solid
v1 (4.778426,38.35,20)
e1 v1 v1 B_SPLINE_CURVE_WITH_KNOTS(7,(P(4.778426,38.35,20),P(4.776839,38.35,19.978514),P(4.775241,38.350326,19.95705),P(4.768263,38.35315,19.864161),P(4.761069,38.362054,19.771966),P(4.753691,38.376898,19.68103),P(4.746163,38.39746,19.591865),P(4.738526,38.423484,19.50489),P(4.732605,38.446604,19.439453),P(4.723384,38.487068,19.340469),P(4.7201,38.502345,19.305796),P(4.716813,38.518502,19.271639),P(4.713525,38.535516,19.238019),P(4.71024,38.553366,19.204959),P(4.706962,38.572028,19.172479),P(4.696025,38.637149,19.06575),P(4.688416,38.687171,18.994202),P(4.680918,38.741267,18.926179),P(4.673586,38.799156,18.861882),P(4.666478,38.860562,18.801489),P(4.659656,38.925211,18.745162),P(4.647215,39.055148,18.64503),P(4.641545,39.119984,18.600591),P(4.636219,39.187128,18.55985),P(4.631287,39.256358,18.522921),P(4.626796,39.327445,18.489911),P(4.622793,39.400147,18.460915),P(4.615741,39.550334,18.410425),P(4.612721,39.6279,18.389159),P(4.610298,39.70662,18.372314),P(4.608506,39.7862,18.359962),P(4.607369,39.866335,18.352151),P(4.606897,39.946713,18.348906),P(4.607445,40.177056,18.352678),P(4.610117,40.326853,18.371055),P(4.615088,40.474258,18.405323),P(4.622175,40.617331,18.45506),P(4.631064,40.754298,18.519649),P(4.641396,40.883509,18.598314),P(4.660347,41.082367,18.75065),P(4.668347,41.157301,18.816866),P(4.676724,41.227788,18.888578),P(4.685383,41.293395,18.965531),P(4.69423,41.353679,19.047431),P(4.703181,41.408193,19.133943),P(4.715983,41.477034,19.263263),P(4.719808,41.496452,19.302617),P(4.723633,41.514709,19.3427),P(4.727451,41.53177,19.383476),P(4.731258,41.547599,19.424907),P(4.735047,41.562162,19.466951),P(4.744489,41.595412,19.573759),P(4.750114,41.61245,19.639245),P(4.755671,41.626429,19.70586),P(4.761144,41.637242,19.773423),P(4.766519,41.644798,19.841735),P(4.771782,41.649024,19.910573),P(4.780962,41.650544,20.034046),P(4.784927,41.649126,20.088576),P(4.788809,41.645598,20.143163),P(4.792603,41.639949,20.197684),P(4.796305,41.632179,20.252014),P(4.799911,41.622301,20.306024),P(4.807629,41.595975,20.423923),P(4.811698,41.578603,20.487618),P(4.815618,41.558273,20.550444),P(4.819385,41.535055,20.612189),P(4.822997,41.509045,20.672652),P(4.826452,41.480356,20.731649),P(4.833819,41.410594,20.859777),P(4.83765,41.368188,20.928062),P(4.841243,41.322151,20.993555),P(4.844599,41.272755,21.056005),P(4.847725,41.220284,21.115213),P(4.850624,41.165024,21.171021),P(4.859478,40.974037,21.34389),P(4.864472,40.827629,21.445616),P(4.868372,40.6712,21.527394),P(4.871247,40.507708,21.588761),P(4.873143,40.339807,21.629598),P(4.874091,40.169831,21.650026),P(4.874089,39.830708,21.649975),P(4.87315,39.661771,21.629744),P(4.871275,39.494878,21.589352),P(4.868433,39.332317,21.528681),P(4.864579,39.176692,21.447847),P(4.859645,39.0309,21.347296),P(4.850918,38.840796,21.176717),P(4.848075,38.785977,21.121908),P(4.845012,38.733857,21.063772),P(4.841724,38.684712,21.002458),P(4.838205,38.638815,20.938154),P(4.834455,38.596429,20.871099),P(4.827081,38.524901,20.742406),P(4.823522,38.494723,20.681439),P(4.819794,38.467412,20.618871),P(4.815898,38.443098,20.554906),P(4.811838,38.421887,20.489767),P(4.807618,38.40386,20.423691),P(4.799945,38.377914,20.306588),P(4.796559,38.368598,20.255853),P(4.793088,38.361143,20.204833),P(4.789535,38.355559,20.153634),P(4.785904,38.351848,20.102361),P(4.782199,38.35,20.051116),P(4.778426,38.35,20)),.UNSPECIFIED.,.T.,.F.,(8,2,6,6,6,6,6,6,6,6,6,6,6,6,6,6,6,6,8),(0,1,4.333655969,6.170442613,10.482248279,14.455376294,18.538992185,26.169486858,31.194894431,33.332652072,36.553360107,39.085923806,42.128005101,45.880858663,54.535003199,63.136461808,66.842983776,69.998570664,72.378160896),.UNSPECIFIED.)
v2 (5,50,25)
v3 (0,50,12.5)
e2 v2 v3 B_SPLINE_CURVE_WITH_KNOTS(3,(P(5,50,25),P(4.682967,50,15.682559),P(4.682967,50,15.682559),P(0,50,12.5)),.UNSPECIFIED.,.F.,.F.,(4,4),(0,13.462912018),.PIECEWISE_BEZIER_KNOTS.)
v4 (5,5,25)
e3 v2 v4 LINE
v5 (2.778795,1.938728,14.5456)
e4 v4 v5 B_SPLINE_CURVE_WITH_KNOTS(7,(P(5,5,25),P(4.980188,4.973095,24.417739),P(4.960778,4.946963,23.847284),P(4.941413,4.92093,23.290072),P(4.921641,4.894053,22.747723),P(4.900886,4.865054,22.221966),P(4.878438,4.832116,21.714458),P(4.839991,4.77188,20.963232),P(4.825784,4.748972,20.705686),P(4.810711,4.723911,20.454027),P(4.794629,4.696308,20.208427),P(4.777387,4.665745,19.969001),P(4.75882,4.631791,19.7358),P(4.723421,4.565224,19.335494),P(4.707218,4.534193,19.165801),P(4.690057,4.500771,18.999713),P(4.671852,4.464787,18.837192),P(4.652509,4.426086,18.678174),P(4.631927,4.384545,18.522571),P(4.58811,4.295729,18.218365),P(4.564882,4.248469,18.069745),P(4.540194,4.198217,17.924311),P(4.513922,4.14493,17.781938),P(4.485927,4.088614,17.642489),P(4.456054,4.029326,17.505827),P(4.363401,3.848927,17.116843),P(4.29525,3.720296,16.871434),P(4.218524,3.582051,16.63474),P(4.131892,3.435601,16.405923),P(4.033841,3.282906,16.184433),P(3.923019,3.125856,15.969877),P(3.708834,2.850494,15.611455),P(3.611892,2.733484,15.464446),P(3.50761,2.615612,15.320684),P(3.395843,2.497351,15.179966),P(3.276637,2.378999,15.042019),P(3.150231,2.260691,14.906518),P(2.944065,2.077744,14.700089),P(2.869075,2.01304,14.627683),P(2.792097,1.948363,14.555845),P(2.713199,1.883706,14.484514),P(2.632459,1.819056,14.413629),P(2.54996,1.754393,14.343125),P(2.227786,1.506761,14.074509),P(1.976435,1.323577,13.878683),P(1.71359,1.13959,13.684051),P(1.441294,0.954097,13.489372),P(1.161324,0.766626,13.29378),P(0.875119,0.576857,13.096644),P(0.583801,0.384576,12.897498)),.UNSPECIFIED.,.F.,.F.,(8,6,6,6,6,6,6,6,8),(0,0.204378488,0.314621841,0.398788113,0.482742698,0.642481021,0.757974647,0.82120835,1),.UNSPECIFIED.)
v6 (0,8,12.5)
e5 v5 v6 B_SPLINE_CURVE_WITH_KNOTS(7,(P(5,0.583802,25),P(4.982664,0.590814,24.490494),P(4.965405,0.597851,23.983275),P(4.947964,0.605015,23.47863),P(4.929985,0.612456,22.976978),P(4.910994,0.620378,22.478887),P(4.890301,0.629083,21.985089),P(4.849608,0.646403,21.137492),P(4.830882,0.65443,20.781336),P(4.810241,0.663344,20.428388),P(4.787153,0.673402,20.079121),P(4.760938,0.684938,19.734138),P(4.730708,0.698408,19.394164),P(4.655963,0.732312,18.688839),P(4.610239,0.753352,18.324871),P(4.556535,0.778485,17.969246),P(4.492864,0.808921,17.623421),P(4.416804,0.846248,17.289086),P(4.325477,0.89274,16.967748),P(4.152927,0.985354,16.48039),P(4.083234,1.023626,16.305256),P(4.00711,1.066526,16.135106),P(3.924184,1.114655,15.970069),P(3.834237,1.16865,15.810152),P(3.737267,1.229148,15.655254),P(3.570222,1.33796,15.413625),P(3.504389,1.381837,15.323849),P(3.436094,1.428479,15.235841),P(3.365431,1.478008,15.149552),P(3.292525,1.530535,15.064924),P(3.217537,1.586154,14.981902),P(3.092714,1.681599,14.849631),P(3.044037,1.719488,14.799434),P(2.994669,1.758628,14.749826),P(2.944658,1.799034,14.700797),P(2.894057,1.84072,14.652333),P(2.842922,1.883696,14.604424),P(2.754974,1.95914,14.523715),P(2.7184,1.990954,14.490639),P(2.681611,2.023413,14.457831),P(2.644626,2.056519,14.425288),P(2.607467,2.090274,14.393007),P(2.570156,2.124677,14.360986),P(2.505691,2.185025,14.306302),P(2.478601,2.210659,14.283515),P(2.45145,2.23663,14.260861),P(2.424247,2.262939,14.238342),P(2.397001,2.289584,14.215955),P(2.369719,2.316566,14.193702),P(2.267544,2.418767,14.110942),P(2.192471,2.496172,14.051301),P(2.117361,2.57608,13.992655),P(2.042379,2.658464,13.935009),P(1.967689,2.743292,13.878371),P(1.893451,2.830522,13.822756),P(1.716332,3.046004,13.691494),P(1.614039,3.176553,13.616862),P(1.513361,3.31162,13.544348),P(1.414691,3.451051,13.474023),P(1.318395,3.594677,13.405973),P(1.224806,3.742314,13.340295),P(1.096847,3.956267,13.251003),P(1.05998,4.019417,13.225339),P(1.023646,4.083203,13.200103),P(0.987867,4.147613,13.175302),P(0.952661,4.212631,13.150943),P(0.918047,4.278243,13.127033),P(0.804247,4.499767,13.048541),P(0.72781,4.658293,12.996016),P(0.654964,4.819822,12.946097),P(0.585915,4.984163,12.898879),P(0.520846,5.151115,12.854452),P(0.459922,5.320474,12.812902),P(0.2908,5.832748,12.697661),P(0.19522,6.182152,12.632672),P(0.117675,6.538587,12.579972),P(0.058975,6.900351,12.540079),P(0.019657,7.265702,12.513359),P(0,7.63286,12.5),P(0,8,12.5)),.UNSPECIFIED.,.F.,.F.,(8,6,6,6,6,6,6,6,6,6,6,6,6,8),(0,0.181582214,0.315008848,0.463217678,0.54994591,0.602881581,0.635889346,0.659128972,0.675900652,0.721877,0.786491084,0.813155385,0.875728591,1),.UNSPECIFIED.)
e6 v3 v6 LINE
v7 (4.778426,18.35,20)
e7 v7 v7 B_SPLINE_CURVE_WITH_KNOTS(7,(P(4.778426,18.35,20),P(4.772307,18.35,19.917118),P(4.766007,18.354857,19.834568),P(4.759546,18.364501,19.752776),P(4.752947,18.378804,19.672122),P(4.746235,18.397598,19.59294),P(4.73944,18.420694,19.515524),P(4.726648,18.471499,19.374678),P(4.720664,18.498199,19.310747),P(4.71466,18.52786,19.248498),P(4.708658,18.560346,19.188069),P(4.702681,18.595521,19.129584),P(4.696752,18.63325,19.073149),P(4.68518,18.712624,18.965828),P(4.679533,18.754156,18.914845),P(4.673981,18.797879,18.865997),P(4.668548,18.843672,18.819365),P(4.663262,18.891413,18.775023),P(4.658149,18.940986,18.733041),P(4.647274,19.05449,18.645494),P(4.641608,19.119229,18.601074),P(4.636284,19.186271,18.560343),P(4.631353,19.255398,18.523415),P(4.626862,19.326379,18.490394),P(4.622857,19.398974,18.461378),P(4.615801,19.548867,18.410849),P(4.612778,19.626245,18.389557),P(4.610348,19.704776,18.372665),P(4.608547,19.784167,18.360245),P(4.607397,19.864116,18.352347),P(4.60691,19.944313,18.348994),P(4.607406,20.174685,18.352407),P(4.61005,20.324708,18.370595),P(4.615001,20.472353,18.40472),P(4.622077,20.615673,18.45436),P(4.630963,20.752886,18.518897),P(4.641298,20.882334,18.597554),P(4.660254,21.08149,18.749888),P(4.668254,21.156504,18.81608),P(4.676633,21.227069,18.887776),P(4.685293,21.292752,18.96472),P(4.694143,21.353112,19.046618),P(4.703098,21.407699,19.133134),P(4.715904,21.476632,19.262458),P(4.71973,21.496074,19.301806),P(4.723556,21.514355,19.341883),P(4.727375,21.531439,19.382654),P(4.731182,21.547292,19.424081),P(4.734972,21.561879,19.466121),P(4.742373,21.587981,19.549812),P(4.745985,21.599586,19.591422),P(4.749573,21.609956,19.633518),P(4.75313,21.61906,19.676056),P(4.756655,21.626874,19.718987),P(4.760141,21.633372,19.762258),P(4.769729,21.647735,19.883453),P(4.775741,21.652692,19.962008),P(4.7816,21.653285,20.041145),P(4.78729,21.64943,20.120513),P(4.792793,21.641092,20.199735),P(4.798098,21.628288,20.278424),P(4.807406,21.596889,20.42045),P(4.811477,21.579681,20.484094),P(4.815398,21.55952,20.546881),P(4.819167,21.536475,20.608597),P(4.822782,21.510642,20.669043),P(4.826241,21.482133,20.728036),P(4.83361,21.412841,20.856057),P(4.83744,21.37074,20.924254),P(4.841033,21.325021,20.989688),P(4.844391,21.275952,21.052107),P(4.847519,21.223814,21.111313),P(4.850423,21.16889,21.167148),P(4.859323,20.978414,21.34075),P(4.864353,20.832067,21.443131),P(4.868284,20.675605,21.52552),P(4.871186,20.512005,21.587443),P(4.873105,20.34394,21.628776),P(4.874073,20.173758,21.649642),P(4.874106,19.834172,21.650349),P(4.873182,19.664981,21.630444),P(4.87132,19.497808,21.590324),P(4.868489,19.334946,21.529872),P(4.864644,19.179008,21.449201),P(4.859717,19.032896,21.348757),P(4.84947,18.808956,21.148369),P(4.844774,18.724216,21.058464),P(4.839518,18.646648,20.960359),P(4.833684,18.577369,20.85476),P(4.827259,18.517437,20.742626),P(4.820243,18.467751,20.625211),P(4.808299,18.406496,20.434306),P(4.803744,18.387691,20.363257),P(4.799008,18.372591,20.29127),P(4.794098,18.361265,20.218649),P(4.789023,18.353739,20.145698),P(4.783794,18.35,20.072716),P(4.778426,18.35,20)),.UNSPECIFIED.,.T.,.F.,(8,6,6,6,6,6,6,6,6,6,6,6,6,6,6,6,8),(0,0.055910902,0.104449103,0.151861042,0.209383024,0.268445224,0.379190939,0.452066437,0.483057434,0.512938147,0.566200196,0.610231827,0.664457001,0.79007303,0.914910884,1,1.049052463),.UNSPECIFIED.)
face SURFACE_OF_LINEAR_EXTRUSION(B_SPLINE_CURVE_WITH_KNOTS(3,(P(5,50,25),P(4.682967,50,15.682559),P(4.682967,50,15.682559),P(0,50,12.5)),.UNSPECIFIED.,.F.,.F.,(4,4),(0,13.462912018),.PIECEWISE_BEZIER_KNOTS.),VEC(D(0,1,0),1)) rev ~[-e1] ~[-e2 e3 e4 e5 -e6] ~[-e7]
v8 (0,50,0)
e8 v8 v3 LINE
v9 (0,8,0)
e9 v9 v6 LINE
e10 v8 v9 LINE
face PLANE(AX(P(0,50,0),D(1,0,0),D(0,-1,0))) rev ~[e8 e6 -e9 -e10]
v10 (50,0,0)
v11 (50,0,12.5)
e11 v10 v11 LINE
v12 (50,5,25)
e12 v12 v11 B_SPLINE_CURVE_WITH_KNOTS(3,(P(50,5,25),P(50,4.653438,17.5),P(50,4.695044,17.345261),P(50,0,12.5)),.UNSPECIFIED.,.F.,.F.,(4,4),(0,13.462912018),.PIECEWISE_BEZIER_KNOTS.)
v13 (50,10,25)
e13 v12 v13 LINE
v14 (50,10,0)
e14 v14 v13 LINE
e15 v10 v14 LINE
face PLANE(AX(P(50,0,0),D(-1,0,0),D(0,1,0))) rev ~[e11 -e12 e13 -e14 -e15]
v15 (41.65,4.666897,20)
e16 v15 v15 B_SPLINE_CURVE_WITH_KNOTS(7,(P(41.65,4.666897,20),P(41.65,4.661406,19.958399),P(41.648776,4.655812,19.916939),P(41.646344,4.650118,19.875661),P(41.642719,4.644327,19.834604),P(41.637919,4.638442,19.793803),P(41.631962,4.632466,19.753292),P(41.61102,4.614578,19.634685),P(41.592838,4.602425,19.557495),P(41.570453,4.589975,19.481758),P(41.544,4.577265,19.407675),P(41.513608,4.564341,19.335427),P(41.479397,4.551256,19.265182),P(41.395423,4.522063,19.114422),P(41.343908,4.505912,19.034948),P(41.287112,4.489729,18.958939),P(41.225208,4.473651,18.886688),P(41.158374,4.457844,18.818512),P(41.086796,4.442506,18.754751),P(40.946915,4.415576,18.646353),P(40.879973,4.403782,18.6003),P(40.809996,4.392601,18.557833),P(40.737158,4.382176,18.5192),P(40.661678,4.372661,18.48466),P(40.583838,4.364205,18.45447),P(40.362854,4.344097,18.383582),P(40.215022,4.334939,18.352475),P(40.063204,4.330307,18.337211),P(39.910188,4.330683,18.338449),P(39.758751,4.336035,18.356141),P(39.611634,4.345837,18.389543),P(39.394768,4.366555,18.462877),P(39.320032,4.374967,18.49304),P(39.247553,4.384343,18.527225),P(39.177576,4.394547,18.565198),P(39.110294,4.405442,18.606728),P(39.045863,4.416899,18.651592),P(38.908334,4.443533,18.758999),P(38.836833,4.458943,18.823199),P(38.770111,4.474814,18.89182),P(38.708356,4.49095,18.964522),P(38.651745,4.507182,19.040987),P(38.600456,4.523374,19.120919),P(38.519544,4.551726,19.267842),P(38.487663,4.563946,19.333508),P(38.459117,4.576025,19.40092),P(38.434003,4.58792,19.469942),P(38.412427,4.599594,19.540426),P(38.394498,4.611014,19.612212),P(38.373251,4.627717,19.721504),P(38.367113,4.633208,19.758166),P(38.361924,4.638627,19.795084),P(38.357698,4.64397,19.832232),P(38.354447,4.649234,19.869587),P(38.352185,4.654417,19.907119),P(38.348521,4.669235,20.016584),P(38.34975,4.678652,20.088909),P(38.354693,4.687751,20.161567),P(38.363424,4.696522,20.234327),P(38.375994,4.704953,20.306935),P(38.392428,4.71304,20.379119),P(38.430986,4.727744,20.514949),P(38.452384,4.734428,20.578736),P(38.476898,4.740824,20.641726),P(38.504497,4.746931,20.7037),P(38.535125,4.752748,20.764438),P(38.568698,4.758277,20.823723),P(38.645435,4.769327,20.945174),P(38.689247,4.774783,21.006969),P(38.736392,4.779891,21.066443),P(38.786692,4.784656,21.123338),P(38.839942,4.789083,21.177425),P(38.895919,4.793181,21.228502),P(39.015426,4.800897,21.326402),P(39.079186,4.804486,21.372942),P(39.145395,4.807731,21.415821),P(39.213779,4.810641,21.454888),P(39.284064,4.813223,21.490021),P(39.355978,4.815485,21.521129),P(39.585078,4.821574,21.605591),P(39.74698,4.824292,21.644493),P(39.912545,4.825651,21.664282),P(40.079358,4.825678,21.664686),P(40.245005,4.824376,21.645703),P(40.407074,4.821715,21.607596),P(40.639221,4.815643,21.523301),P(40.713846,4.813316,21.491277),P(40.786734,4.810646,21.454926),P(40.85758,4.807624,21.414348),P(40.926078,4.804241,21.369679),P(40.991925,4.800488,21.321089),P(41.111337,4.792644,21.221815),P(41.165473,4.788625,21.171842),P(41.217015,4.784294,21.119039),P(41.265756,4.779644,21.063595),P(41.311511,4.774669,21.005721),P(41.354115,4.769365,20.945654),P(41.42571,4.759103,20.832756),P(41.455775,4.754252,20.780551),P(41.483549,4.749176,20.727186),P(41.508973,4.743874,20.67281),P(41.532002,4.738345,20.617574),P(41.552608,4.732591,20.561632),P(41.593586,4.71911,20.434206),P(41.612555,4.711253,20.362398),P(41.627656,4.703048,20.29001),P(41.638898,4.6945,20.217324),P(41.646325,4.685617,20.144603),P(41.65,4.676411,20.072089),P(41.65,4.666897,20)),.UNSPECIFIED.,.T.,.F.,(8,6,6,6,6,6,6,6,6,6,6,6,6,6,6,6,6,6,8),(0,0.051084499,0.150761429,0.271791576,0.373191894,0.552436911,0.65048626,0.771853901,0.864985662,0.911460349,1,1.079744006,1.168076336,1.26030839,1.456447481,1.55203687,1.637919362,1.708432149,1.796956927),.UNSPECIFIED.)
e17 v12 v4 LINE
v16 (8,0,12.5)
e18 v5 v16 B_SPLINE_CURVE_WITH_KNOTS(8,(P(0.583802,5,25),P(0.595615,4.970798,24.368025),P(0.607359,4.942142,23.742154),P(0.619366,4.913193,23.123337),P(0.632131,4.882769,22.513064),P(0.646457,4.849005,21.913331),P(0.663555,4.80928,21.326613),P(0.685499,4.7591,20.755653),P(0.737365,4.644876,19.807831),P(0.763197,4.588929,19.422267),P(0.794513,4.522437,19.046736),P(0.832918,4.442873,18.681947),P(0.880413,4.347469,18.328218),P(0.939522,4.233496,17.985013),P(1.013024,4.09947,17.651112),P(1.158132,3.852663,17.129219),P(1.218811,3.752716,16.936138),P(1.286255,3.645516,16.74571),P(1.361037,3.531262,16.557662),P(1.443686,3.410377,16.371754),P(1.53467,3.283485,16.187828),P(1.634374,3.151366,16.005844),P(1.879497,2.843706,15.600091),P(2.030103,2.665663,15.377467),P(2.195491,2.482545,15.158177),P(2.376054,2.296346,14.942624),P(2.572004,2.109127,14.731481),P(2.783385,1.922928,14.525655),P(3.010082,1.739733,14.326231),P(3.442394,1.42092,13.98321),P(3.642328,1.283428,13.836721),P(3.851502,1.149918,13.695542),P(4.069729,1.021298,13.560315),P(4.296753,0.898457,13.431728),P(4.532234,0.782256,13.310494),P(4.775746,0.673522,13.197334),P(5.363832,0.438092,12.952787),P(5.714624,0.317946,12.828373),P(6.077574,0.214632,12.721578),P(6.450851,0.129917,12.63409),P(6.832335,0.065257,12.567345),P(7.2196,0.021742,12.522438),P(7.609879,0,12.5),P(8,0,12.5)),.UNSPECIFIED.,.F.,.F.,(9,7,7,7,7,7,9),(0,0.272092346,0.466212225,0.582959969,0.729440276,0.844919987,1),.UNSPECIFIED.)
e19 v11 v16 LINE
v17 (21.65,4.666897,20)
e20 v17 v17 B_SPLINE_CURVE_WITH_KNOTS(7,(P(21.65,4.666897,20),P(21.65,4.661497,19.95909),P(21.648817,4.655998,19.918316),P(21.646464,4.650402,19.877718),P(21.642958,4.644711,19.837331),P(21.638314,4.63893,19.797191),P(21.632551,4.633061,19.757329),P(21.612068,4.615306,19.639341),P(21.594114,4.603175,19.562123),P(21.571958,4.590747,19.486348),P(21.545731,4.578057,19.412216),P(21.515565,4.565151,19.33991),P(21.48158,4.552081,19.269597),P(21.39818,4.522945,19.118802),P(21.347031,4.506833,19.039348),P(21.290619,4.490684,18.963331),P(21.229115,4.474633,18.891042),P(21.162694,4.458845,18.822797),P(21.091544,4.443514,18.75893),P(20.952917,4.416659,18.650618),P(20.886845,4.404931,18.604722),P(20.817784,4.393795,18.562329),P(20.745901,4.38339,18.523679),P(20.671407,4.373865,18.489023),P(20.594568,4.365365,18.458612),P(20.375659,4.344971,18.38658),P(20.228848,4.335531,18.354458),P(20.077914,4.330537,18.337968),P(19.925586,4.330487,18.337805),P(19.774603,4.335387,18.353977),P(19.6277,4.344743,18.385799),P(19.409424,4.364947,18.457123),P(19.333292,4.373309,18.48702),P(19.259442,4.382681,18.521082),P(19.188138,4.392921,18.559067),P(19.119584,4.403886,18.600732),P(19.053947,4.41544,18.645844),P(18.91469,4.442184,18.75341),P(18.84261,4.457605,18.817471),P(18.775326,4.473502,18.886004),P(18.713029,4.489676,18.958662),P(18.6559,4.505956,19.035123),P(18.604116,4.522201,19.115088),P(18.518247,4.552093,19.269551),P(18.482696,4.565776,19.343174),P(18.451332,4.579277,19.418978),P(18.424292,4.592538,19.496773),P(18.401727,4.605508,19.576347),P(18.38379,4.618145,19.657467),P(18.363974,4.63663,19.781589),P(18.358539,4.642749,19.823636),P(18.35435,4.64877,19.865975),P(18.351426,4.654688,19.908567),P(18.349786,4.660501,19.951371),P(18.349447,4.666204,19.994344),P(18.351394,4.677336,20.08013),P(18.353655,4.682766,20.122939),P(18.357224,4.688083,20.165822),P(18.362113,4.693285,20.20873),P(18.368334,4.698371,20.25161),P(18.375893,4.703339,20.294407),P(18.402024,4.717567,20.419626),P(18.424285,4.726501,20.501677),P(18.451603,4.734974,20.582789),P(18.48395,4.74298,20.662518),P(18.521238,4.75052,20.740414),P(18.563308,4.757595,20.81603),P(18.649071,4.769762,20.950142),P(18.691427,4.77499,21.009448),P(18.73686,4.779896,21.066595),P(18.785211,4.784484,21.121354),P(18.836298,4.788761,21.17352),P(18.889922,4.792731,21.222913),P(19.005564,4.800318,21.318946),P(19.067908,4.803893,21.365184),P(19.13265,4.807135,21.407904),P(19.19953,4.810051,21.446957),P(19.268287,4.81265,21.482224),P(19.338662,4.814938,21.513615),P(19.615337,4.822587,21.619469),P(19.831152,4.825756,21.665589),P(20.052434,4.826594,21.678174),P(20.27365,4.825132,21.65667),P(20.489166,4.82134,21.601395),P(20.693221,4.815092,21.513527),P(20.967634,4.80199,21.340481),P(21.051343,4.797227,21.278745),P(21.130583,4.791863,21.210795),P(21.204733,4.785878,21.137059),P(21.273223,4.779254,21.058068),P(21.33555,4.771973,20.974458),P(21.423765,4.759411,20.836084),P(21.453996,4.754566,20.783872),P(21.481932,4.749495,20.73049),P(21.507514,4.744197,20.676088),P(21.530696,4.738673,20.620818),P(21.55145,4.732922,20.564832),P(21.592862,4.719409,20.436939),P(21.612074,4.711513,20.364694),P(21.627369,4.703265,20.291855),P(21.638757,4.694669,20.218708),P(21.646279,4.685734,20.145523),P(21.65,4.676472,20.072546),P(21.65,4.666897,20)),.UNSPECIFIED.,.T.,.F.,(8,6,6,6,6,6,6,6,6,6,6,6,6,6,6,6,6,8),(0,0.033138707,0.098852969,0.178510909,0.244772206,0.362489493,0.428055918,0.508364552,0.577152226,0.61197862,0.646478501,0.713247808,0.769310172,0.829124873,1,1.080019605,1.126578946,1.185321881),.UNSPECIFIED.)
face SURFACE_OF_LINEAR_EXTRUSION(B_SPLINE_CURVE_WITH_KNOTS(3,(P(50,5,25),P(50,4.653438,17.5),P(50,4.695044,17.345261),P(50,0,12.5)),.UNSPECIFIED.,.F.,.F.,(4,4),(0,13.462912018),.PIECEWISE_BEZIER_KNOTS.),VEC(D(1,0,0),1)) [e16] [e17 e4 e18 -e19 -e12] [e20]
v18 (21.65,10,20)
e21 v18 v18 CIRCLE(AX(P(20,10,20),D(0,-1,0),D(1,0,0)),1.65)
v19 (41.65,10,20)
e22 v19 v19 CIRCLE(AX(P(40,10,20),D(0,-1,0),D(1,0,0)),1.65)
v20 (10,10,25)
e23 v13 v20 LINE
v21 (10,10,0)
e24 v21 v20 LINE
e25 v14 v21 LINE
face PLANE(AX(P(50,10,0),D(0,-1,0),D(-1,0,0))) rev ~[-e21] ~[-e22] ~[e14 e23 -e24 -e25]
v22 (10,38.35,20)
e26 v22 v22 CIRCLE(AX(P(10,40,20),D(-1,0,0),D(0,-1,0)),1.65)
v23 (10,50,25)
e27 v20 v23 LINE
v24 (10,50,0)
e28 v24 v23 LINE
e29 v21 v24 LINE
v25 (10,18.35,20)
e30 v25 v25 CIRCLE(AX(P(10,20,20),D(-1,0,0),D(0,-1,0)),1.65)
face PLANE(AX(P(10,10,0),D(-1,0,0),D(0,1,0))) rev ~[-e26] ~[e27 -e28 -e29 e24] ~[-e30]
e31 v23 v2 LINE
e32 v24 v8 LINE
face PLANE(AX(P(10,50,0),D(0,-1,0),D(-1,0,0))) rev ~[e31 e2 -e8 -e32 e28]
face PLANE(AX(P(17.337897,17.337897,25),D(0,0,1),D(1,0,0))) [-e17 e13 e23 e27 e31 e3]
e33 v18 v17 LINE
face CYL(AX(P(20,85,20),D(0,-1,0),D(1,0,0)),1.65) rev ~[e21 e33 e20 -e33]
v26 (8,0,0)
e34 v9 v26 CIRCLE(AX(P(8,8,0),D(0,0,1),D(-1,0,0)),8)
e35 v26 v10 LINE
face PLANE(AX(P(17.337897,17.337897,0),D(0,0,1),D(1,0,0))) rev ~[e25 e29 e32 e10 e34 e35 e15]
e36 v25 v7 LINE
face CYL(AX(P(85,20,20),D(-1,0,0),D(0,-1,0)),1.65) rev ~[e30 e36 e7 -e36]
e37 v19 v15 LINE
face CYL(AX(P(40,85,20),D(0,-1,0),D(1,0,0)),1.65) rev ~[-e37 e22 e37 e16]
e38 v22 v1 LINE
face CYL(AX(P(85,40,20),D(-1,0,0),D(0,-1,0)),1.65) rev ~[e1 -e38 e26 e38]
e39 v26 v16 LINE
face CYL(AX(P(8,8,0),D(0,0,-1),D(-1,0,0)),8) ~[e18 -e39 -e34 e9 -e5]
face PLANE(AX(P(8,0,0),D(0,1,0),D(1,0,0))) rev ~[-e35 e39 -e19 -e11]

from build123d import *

# Parameters (mm, degrees)
F1_DEPTH = 25
F3_DEPTH = 50.001
F5_DEPTH = 50.0010001
F7_D     = 3.3
F9_D     = 3.3


with BuildPart() as f1:
    # F0 (on Top) → F1 (new body)
    with BuildSketch(Plane.XY):
        with BuildLine():
            Line((0, 50), (0, 8))
            ThreePointArc((0, 8), (2.3431457505, 2.3431457505), (8, 0))
            Line((8, 0), (50, 0))
            Line((50, 0), (50, 10))
            Line((50, 10), (10, 10))
            Line((10, 10), (10, 50))
            Line((10, 50), (0, 50))
        make_face()
    extrude(amount=F1_DEPTH)

    # F2 (on face) → F3 (cut, through all)
    with BuildSketch(Plane.YZ.offset(50)):
        with BuildLine():
            add(Edge.make_bspline(
                [(5, 25), (4.6534377741, 17.5), (4.6950438991, 17.3452608287), (0, 12.5)],
                knots=[0, 0, 0, 0, 13.4629120178, 13.4629120178, 13.4629120178, 13.4629120178], degree=3))
            Line((5, 25), (0, 25))
            Line((0, 25), (0, 12.5))
        make_face()
    extrude(amount=-F3_DEPTH, mode=Mode.SUBTRACT)

    # F4 (on face) → F5 (cut, through all)
    with BuildSketch(Plane(origin=(0, 50, 0), x_dir=(-1, 0, 0), z_dir=(0, 1, 0))):
        with BuildLine():
            Line((0, 25), (-5, 25))
            add(Edge.make_bspline(
                [(-5, 25), (-4.6829669736, 15.6825594604), (-4.6829669736, 15.6825594604), (0, 12.5)],
                knots=[0, 0, 0, 0, 13.4629120178, 13.4629120178, 13.4629120178, 13.4629120178], degree=3))
            Line((0, 12.5), (0, 25))
        make_face()
    extrude(amount=-F5_DEPTH, mode=Mode.SUBTRACT)

    # F7 (through all)
    with Locations(Plane(origin=(0, 10, 0), x_dir=(-1, 0, 0), z_dir=(0, 1, 0))):
        with Locations((-40, 20), (-20, 20)):
            Hole(F7_D / 2)

    # F9 (through all)
    with Locations(Plane.YZ.offset(10)):
        with Locations((20, 20), (40, 20)):
            Hole(F9_D / 2)


solid = f1.part
